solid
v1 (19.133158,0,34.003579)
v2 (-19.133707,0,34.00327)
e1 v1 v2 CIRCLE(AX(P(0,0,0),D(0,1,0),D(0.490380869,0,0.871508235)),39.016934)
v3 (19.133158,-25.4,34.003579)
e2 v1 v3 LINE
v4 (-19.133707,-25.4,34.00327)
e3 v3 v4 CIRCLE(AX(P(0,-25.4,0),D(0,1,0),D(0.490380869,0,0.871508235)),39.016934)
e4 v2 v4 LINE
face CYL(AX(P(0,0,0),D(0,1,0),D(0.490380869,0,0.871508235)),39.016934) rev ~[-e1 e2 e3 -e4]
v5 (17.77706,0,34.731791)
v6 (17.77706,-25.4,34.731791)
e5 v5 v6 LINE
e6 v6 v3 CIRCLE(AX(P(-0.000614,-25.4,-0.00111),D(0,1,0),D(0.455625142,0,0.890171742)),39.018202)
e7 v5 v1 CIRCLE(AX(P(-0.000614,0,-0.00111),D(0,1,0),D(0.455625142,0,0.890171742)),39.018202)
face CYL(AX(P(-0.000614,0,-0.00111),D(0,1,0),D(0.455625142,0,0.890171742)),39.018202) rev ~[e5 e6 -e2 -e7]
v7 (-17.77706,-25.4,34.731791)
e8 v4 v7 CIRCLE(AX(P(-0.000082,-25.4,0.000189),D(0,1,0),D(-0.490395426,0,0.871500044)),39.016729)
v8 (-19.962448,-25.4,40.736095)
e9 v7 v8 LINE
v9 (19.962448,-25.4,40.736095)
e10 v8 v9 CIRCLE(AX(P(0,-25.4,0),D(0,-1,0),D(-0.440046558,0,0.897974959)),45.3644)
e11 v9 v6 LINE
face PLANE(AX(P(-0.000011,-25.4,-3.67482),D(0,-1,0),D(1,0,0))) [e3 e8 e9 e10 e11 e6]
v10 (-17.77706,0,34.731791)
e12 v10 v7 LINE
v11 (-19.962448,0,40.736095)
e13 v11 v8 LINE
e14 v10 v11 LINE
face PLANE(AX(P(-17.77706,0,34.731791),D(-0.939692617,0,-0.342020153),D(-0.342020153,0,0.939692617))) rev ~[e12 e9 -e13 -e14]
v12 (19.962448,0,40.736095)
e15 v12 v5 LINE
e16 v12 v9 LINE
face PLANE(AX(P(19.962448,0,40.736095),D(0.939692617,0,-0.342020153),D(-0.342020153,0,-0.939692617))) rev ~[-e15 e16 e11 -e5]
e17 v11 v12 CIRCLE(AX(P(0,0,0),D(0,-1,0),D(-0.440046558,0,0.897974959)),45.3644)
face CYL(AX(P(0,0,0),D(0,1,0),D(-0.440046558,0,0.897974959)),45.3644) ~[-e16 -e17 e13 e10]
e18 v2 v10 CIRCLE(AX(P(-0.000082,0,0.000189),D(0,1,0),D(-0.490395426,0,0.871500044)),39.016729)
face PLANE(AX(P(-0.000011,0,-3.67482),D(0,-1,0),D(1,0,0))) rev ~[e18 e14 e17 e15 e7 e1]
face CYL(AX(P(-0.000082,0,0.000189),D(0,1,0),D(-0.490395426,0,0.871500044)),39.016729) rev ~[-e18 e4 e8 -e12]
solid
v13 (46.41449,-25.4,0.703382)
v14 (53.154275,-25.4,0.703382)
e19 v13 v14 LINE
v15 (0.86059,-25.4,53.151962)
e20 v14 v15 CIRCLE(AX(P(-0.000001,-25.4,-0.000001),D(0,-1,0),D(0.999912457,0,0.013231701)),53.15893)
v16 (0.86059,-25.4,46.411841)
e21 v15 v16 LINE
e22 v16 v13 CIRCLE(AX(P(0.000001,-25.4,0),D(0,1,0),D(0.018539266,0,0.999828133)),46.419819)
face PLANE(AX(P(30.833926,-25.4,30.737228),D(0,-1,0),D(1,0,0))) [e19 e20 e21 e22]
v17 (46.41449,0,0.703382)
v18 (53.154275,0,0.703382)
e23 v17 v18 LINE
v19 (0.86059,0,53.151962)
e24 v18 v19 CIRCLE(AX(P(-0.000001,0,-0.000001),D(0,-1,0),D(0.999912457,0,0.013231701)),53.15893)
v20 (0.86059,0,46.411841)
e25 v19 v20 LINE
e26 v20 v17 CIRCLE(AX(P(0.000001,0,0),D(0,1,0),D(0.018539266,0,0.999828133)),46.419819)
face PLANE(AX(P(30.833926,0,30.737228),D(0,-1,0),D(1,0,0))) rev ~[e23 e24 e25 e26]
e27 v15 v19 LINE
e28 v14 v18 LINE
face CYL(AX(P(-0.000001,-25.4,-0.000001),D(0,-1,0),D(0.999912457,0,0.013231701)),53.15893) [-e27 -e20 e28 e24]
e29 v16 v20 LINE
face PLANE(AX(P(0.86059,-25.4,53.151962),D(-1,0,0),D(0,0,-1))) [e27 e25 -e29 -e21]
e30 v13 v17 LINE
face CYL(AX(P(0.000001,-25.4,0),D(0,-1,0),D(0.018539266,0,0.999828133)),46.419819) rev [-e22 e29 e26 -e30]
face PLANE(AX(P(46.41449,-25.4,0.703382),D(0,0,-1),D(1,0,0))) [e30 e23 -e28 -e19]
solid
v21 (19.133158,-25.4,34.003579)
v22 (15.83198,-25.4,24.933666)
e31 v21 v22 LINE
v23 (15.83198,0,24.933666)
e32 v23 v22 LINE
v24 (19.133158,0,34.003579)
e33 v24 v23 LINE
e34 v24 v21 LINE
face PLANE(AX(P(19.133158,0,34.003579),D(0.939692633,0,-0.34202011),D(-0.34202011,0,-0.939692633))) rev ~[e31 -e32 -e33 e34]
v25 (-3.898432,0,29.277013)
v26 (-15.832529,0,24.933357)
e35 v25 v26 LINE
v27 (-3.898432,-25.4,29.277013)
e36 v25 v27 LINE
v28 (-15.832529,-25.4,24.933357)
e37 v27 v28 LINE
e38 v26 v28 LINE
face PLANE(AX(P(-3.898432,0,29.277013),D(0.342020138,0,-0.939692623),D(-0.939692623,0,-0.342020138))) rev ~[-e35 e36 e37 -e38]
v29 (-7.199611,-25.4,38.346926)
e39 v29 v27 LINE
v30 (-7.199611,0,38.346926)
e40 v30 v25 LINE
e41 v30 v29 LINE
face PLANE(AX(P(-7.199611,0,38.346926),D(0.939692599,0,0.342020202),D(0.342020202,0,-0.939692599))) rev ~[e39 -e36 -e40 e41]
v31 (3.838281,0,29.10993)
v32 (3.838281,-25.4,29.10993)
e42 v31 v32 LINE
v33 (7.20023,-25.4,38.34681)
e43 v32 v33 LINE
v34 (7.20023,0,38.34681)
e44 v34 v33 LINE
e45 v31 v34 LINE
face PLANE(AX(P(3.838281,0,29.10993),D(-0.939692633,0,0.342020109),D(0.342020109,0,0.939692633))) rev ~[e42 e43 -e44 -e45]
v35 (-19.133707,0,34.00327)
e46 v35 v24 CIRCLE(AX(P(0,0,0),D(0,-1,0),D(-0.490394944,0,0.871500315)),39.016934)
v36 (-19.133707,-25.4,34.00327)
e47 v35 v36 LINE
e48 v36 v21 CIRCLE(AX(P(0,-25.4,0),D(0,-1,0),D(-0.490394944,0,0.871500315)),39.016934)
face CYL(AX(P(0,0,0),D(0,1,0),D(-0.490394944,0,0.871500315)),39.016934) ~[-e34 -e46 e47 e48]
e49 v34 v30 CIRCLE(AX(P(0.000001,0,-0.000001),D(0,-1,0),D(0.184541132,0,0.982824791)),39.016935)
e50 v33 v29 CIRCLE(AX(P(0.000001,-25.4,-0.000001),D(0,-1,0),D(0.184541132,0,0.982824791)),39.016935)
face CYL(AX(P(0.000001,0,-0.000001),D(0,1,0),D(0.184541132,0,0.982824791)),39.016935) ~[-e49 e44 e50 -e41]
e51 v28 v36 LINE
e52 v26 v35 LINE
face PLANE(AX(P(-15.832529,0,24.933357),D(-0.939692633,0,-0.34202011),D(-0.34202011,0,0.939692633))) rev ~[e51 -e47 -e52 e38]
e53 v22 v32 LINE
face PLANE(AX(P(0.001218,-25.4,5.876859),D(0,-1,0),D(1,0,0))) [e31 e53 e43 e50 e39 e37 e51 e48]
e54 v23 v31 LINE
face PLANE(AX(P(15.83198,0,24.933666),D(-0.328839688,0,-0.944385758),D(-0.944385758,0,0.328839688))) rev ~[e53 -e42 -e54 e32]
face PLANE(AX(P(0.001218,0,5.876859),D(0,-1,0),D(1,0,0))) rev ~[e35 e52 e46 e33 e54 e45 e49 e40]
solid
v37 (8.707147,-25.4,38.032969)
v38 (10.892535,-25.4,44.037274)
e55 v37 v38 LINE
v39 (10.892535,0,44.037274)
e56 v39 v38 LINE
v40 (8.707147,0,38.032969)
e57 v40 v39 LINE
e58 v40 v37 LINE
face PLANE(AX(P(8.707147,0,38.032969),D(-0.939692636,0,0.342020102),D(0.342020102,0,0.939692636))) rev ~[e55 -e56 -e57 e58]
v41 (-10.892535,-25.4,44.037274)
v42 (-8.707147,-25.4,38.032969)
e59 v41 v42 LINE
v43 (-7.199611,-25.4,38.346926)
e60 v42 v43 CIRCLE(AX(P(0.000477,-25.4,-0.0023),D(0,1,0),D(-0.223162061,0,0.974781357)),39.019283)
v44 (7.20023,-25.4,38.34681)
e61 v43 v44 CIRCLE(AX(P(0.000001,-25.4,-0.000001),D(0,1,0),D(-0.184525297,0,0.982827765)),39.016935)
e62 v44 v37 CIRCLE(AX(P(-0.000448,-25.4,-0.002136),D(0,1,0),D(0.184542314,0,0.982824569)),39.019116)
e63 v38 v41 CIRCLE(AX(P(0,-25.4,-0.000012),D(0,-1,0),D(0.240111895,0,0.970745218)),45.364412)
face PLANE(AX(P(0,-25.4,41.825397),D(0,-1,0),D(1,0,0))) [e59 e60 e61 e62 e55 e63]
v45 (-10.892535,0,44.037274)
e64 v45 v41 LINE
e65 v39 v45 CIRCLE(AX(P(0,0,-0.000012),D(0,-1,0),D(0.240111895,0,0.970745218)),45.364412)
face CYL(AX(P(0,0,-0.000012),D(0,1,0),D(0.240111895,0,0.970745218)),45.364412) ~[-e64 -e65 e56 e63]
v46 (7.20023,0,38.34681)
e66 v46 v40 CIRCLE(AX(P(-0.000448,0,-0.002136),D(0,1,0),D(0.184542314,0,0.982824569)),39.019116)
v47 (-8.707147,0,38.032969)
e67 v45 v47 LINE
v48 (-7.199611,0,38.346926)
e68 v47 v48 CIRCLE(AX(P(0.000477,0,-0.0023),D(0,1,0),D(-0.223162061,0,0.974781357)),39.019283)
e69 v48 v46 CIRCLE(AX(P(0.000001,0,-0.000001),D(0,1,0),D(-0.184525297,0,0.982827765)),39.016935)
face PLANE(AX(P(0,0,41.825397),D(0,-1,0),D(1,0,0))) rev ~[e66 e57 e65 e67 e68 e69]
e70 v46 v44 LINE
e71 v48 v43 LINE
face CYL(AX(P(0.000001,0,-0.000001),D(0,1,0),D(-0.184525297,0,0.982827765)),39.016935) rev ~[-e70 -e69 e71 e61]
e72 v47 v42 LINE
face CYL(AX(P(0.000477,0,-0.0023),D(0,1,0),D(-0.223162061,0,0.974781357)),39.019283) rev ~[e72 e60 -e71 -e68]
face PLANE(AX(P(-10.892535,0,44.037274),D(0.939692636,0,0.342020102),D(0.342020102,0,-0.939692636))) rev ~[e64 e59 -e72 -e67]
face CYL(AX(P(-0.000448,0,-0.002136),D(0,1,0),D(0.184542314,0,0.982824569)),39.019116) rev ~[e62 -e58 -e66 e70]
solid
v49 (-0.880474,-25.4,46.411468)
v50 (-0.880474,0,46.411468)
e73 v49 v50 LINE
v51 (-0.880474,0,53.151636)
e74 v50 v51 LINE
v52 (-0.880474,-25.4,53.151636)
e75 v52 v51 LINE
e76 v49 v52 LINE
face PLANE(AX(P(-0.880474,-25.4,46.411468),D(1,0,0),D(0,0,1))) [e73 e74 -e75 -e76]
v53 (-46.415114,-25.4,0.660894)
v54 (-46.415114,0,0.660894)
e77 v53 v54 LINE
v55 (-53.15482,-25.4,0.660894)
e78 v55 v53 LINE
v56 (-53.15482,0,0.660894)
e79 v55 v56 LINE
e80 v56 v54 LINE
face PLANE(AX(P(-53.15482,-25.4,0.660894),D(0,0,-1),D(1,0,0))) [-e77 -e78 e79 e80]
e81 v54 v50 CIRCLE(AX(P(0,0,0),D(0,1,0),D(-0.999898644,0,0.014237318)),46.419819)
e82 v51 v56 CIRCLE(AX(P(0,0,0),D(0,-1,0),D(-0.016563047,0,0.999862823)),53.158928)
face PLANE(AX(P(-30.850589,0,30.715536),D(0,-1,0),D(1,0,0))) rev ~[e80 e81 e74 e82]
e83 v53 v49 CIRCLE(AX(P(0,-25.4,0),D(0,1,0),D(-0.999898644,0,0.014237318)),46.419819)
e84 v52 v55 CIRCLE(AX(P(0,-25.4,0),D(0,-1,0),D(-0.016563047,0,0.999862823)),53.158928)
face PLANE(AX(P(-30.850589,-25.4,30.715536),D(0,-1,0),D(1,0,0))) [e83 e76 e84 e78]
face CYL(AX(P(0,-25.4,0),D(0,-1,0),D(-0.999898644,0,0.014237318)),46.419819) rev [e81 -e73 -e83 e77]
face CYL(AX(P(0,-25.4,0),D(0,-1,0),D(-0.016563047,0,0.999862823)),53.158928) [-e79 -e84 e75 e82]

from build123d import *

# Parameters (mm, degrees)
F1_DEPTH = 25.4
F3_DEPTH = 25.4
F5_DEPTH = 25.4
F6_DEPTH = 25.4


with BuildPart() as f1:
    # F0 (on Front) → F1 (new body)
    with BuildSketch(Plane.XZ):
        with BuildLine():
            ThreePointArc((-8.707147, 38.032969), (-7.954928, 38.197385), (-7.199611, 38.346926))
            ThreePointArc((-7.199611, 38.346926), (0.000315, 39.016934), (7.20023, 38.34681))
            ThreePointArc((7.20023, 38.34681), (7.955236, 38.197321), (8.707147, 38.032969))
            Line((8.707147, 38.032969), (10.892535, 44.037274))
            ThreePointArc((10.892535, 44.037274), (0, 45.3644), (-10.892535, 44.037274))
            Line((-10.892535, 44.037274), (-8.707147, 38.032969))
        make_face()
        with BuildLine():
            Line((-17.77706, 34.731791), (-19.962448, 40.736095))
            ThreePointArc((-19.962448, 40.736095), (0, -45.3644), (19.962448, 40.736095))
            Line((19.962448, 40.736095), (17.77706, 34.731791))
            ThreePointArc((17.77706, 34.731791), (18.4587, 34.374373), (19.133158, 34.003579))
            ThreePointArc((19.133158, 34.003579), (0.000315, -39.016934), (-19.133707, 34.00327))
            ThreePointArc((-19.133707, 34.00327), (-18.458978, 34.374224), (-17.77706, 34.731791))
        make_face()
    extrude(amount=F1_DEPTH)


with BuildPart() as f3:
    # F2 (on face) → F3 (new body)
    with BuildSketch(Plane.XZ):
        with BuildLine():
            Line((-3.898432, 29.277013), (-15.832529, 24.933357))
            Line((-15.832529, 24.933357), (-19.133707, 34.00327))
            ThreePointArc((-19.133707, 34.00327), (0.000315, -39.016934), (19.133158, 34.003579))
            Line((19.133158, 34.003579), (15.83198, 24.933666))
            Line((15.83198, 24.933666), (3.838281, 29.10993))
            Line((3.838281, 29.10993), (7.20023, 38.34681))
            ThreePointArc((7.20023, 38.34681), (0.000315, 39.016934), (-7.199611, 38.346926))
            Line((-7.199611, 38.346926), (-3.898432, 29.277013))
        make_face()
    extrude(amount=F3_DEPTH)


with BuildPart() as f5:
    # F4 (on face) → F5 (new body)
    with BuildSketch(Plane.XZ.offset(25.4)):
        with BuildLine():
            ThreePointArc((-46.415114, 0.660894), (-32.901321, 32.746033), (-0.880474, 46.411468))
            Line((-0.880474, 46.411468), (-0.880474, 53.151636))
            ThreePointArc((-0.880474, 53.151636), (-37.6666, 37.511317), (-53.15482, 0.660894))
            Line((-53.15482, 0.660894), (-46.415114, 0.660894))
        make_face()
    extrude(amount=-F5_DEPTH)


with BuildPart() as f6:
    # F4 (on face) → F6 (new body)
    with BuildSketch(Plane.XZ.offset(25.4)):
        with BuildLine():
            ThreePointArc((53.154275, 0.703382), (37.644585, 37.53341), (0.86059, 53.151962))
            Line((0.86059, 53.151962), (0.86059, 46.411841))
            ThreePointArc((0.86059, 46.411841), (32.879311, 32.768133), (46.41449, 0.703382))
            Line((46.41449, 0.703382), (53.154275, 0.703382))
        make_face()
    extrude(amount=-F6_DEPTH)


solid = Compound([f1.part, f3.part, f5.part, f6.part])
